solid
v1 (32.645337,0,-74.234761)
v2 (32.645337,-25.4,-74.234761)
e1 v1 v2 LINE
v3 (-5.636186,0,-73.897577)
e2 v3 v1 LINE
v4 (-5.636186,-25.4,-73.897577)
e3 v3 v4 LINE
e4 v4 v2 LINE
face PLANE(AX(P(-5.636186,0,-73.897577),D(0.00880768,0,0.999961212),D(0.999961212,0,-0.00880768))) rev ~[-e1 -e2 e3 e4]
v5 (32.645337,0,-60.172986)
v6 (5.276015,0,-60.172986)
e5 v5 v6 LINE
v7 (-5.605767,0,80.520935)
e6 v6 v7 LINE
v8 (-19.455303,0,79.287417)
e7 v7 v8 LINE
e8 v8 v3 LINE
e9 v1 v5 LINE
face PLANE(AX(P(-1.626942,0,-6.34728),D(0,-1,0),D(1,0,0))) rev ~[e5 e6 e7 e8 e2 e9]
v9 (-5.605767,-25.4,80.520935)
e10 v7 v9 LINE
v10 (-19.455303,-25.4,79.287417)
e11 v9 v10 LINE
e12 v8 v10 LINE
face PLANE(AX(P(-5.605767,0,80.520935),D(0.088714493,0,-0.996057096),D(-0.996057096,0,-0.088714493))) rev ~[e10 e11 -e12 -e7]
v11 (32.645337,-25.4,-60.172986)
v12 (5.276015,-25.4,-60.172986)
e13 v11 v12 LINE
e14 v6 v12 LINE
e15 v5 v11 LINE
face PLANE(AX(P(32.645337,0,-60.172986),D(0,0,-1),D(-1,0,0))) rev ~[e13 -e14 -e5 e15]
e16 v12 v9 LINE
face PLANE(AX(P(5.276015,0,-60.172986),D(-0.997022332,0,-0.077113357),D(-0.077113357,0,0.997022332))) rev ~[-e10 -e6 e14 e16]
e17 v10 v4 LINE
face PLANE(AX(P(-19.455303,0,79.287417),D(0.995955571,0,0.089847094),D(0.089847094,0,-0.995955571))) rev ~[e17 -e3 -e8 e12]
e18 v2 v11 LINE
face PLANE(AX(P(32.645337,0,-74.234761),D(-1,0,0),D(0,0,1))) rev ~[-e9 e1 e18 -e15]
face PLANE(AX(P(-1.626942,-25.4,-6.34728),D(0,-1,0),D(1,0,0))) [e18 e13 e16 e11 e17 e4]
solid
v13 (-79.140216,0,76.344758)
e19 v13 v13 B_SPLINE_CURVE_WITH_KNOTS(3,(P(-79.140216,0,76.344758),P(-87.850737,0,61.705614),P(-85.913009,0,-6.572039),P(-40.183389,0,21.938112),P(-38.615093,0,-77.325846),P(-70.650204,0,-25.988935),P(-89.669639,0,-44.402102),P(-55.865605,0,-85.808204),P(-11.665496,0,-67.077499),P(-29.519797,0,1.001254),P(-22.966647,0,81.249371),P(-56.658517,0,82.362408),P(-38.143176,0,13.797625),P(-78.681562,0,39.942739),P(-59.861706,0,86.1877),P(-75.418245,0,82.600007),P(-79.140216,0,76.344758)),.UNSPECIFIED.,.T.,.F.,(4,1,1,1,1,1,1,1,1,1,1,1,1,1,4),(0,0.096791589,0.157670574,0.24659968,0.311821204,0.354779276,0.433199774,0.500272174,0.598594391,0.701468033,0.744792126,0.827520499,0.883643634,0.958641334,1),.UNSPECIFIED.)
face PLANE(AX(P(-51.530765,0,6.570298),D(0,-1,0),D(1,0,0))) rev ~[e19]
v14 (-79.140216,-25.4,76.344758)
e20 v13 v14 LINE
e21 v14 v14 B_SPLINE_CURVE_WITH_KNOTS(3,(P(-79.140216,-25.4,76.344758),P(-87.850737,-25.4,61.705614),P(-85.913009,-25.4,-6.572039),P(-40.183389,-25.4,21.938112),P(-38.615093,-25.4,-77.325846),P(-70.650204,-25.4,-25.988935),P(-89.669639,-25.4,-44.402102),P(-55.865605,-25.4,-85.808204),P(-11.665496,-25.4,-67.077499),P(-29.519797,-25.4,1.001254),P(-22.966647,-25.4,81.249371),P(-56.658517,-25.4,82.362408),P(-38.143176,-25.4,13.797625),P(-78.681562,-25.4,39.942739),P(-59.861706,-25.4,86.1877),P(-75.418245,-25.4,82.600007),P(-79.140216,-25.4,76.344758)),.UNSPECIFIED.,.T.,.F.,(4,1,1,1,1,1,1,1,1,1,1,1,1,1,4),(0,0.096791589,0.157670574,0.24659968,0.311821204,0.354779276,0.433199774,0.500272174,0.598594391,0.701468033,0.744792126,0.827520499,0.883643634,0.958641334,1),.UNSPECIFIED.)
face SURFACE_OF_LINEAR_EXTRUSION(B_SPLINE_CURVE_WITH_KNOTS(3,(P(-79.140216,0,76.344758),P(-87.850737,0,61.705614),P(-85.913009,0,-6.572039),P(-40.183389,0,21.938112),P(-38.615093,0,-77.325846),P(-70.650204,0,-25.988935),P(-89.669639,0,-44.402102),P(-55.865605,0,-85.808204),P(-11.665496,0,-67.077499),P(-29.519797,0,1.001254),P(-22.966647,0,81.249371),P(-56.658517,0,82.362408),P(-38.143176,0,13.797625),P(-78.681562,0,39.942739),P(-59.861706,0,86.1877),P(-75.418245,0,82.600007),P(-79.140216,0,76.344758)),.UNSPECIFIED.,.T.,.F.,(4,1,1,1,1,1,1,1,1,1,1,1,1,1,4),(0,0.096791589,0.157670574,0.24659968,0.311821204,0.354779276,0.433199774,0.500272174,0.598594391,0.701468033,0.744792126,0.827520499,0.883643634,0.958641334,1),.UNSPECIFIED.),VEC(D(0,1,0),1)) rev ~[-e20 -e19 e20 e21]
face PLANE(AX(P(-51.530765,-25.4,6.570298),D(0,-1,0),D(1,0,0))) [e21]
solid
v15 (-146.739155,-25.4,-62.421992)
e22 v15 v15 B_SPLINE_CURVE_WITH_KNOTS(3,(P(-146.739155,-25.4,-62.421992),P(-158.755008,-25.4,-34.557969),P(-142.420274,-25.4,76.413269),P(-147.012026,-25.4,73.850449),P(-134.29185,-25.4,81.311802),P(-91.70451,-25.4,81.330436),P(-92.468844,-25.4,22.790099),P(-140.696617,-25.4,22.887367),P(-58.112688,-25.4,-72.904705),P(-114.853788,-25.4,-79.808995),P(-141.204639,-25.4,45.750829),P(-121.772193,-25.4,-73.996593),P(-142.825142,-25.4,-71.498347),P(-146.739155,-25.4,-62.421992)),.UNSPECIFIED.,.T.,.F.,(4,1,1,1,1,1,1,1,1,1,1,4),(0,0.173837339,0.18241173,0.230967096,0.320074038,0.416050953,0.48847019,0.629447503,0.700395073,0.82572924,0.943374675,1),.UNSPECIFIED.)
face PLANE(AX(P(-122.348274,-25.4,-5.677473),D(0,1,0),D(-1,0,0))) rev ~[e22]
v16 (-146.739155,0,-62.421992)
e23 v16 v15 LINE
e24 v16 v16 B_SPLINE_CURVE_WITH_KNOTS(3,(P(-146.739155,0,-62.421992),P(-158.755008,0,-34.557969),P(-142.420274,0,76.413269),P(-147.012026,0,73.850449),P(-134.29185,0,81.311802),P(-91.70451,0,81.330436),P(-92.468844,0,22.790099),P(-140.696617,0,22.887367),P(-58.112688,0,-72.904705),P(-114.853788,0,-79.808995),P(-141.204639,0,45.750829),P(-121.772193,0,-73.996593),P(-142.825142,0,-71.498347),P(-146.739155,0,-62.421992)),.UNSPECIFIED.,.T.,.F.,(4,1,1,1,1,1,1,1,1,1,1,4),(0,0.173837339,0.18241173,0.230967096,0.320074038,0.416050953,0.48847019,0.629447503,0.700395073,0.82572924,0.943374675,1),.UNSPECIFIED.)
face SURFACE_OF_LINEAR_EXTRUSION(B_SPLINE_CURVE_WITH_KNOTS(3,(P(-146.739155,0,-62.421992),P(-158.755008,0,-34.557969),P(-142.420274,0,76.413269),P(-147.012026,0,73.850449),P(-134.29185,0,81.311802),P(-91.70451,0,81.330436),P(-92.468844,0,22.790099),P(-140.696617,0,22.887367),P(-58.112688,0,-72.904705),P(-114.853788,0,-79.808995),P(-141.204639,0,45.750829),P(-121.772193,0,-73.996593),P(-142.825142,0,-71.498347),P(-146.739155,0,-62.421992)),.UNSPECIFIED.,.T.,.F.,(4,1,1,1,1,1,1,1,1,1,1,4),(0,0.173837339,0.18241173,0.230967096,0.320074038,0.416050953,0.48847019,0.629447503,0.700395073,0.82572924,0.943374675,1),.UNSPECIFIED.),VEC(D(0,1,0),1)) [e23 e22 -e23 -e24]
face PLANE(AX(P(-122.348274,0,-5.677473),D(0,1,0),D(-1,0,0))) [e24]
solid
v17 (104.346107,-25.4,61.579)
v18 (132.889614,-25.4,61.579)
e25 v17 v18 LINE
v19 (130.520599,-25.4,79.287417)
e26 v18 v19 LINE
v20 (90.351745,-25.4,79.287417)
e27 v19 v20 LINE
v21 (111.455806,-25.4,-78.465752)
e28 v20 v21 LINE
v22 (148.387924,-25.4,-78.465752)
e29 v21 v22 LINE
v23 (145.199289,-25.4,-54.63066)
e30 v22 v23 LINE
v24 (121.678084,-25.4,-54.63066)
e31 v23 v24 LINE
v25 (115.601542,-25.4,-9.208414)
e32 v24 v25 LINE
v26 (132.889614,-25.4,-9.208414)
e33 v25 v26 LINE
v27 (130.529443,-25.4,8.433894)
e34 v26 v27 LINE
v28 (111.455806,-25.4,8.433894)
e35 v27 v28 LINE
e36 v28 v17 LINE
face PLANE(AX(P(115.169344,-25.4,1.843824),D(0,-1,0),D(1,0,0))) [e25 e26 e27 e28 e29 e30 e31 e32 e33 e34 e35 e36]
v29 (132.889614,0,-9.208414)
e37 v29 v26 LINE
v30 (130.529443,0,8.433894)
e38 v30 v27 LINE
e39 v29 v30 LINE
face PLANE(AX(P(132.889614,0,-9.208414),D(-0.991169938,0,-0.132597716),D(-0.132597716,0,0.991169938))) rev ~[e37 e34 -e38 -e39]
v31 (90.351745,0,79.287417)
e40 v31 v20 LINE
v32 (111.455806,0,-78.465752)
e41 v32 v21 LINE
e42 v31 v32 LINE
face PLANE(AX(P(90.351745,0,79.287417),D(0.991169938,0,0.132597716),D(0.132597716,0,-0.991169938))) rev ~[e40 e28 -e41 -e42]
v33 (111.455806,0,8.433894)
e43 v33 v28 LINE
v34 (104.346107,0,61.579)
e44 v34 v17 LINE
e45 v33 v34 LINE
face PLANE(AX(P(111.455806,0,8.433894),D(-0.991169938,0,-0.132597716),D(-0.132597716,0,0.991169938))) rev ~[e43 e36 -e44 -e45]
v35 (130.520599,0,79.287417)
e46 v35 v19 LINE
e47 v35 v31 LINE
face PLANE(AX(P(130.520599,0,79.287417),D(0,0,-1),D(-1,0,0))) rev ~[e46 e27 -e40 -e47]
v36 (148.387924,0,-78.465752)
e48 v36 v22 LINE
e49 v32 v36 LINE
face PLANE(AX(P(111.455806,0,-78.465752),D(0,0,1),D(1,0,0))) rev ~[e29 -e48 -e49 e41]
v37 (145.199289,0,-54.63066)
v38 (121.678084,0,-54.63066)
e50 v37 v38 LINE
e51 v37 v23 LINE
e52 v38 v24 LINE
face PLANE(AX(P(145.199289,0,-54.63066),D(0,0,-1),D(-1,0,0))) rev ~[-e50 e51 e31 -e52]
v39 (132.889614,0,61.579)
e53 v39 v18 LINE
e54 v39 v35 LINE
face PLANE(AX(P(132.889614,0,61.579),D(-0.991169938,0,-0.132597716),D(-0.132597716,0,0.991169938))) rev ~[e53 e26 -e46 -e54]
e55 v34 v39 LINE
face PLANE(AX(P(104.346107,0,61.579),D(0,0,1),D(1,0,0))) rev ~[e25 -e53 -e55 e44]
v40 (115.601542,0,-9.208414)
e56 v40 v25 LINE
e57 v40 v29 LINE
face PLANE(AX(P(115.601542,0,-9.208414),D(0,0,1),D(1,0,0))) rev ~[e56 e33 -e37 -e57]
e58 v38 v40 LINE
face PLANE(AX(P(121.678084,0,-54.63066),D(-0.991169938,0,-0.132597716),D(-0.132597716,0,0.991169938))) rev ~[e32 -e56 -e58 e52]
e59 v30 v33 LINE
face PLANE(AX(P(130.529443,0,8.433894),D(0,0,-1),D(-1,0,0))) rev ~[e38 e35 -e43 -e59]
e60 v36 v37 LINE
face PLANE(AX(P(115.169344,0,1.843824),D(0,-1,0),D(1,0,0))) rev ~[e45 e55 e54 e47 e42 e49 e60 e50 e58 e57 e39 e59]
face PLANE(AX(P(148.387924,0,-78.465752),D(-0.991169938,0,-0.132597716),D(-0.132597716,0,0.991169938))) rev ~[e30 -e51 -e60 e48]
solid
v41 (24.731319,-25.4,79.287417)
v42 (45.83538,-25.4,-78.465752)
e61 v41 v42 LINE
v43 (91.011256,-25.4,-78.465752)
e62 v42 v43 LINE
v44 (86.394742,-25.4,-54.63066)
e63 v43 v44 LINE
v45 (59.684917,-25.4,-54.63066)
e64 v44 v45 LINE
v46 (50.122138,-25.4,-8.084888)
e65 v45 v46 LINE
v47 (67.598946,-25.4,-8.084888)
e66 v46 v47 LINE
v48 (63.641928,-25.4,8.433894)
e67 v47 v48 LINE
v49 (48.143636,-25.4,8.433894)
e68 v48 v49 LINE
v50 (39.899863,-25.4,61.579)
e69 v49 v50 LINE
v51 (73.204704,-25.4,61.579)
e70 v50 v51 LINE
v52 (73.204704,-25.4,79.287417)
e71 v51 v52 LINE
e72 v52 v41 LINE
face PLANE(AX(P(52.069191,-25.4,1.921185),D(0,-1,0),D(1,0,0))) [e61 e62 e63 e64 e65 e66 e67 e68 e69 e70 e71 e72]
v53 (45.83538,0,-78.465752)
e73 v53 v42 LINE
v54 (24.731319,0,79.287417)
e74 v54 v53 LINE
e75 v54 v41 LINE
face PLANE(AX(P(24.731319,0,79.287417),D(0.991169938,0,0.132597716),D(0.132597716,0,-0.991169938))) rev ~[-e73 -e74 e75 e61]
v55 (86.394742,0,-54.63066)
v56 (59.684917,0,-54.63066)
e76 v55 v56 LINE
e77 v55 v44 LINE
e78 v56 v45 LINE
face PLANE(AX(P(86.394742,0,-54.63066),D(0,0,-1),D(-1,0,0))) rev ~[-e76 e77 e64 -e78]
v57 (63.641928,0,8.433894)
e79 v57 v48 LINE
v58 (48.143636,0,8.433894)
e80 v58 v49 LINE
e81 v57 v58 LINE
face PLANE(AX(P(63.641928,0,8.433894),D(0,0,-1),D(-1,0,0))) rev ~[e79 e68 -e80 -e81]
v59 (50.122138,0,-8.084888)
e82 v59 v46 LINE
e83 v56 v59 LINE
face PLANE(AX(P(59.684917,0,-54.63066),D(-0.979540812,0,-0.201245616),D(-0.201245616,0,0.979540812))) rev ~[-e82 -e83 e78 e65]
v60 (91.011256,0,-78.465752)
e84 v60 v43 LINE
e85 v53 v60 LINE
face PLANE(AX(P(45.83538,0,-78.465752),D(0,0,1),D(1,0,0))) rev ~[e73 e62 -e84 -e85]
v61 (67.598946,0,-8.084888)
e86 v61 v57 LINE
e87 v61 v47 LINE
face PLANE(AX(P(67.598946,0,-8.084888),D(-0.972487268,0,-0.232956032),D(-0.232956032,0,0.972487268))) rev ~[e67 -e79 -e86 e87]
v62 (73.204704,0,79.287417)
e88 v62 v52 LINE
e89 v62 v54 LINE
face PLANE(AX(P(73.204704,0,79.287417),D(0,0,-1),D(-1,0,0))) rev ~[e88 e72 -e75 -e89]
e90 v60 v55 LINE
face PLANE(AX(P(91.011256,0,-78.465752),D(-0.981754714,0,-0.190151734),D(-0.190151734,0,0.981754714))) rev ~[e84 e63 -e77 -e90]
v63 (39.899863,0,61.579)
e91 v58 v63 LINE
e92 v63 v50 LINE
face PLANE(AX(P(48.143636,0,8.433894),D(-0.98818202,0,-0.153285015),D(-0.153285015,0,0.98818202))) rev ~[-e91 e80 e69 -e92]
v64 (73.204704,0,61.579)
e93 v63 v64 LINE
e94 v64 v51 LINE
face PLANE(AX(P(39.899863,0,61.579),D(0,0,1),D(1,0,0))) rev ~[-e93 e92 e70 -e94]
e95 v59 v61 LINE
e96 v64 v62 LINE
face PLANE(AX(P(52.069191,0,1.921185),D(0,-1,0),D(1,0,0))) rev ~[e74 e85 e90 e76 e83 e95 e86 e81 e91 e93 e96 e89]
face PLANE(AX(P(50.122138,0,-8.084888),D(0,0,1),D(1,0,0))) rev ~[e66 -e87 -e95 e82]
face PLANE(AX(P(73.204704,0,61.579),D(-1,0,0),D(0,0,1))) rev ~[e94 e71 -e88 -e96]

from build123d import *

# Parameters (mm, degrees)
F3_DEPTH = 25.4


with BuildPart() as f3:
    # F0 (on Front) → F3 (new body)
    with BuildSketch(Plane.XZ):
        with BuildLine():
            add(Edge.make_bspline(
                [(-146.7391550541, -62.4219924212), (-158.7550075387, -34.5579690332), (-142.420274017, 76.4132694238), (-147.0120262418, 73.8504494814), (-134.2918501024, 81.3118016318), (-91.7045098537, 81.3304362584), (-92.4688440271, 22.7900990093), (-140.6966167226, 22.887367197), (-58.1126884205, -72.9047046037), (-114.8537880152, -79.8089954967), (-141.2046389679, 45.7508286573), (-121.772192968, -73.9965925415), (-142.8251423557, -71.4983473038), (-146.7391550541, -62.4219924212)],
                knots=[0, 0, 0, 0, 0.1738373388, 0.1824117298, 0.2309670964, 0.3200740381, 0.4160509532, 0.4884701901, 0.6294475026, 0.7003950733, 0.8257292398, 0.943374675, 1, 1, 1, 1], degree=3))
        make_face()
    extrude(amount=F3_DEPTH)


with BuildPart() as f3b:
    # F1 (on Front) → F3, piece 2 (new body)
    with BuildSketch(Plane.XZ):
        with BuildLine():
            add(Edge.make_bspline(
                [(-79.1402161121, 76.3447582722), (-87.8507374892, 61.7056142279), (-85.9130094757, -6.5720391253), (-40.1833893153, 21.9381122295), (-38.6150932586, -77.3258460767), (-70.6502035997, -25.9889354304), (-89.6696387385, -44.4021019826), (-55.8656052614, -85.8082040052), (-11.6654963253, -67.0774994401), (-29.5197968597, 1.001253552), (-22.9666467062, 81.2493707713), (-56.658517281, 82.3624083967), (-38.1431760207, 13.797624799), (-78.6815619245, 39.9427390196), (-59.8617058976, 86.1877001484), (-75.4182445226, 82.6000070534), (-79.1402161121, 76.3447582722)],
                knots=[0, 0, 0, 0, 0.0967915888, 0.1576705744, 0.2465996799, 0.3118212036, 0.3547792764, 0.4331997742, 0.5002721736, 0.5985943908, 0.7014680335, 0.7447921261, 0.8275204994, 0.8836436338, 0.9586413341, 1, 1, 1, 1], degree=3))
        make_face()
    extrude(amount=F3_DEPTH)


with BuildPart() as f3c:
    # F2 (on Front) → F3, piece 3 (new body)
    with BuildSketch(Plane.XZ):
        Polygon((-5.605767481, 80.5209353566), (-19.4553025067, 79.287417233), (-5.6361855494, -73.8975768275), (32.6453372836, -74.2347612977), (32.6453372836, -60.1729862392), (5.276015494, -60.1729862392), align=None)
    extrude(amount=F3_DEPTH)


with BuildPart() as f3d:
    # F2 (on Front) → F3, piece 4 (new body)
    with BuildSketch(Plane.XZ):
        Polygon((73.204703629, 79.287417233), (24.7313193977, 79.287417233), (45.8353795111, -78.4657523036), (91.0112559795, -78.4657523036), (86.3947421312, -54.6306595206), (59.6849173307, -54.6306595206), (50.1221381128, -8.0848876387), (67.5989463925, -8.0848876387), (63.6419281363, 8.4338942543), (48.1436364353, 8.4338942543), (39.8998633027, 61.5790002048), (73.204703629, 61.5790002048), align=None)
    extrude(amount=F3_DEPTH)


with BuildPart() as f3e:
    # F2 (on Front) → F3, piece 5 (new body)
    with BuildSketch(Plane.XZ):
        Polygon((130.5205993171, 79.287417233), (90.3517454863, 79.287417233), (111.4558055997, -78.4657523036), (148.3879238367, -78.4657523036), (145.1992891337, -54.6306595206), (121.6780841351, -54.6306595206), (115.601541874, -9.2084139266), (132.8896135092, -9.2084139266), (130.5294432921, 8.4338942543), (111.4558055997, 8.4338942543), (104.3461068595, 61.5790002048), (132.8896135092, 61.5790002048), align=None)
    extrude(amount=F3_DEPTH)


solid = Compound([f3.part, f3b.part, f3c.part, f3d.part, f3e.part])
